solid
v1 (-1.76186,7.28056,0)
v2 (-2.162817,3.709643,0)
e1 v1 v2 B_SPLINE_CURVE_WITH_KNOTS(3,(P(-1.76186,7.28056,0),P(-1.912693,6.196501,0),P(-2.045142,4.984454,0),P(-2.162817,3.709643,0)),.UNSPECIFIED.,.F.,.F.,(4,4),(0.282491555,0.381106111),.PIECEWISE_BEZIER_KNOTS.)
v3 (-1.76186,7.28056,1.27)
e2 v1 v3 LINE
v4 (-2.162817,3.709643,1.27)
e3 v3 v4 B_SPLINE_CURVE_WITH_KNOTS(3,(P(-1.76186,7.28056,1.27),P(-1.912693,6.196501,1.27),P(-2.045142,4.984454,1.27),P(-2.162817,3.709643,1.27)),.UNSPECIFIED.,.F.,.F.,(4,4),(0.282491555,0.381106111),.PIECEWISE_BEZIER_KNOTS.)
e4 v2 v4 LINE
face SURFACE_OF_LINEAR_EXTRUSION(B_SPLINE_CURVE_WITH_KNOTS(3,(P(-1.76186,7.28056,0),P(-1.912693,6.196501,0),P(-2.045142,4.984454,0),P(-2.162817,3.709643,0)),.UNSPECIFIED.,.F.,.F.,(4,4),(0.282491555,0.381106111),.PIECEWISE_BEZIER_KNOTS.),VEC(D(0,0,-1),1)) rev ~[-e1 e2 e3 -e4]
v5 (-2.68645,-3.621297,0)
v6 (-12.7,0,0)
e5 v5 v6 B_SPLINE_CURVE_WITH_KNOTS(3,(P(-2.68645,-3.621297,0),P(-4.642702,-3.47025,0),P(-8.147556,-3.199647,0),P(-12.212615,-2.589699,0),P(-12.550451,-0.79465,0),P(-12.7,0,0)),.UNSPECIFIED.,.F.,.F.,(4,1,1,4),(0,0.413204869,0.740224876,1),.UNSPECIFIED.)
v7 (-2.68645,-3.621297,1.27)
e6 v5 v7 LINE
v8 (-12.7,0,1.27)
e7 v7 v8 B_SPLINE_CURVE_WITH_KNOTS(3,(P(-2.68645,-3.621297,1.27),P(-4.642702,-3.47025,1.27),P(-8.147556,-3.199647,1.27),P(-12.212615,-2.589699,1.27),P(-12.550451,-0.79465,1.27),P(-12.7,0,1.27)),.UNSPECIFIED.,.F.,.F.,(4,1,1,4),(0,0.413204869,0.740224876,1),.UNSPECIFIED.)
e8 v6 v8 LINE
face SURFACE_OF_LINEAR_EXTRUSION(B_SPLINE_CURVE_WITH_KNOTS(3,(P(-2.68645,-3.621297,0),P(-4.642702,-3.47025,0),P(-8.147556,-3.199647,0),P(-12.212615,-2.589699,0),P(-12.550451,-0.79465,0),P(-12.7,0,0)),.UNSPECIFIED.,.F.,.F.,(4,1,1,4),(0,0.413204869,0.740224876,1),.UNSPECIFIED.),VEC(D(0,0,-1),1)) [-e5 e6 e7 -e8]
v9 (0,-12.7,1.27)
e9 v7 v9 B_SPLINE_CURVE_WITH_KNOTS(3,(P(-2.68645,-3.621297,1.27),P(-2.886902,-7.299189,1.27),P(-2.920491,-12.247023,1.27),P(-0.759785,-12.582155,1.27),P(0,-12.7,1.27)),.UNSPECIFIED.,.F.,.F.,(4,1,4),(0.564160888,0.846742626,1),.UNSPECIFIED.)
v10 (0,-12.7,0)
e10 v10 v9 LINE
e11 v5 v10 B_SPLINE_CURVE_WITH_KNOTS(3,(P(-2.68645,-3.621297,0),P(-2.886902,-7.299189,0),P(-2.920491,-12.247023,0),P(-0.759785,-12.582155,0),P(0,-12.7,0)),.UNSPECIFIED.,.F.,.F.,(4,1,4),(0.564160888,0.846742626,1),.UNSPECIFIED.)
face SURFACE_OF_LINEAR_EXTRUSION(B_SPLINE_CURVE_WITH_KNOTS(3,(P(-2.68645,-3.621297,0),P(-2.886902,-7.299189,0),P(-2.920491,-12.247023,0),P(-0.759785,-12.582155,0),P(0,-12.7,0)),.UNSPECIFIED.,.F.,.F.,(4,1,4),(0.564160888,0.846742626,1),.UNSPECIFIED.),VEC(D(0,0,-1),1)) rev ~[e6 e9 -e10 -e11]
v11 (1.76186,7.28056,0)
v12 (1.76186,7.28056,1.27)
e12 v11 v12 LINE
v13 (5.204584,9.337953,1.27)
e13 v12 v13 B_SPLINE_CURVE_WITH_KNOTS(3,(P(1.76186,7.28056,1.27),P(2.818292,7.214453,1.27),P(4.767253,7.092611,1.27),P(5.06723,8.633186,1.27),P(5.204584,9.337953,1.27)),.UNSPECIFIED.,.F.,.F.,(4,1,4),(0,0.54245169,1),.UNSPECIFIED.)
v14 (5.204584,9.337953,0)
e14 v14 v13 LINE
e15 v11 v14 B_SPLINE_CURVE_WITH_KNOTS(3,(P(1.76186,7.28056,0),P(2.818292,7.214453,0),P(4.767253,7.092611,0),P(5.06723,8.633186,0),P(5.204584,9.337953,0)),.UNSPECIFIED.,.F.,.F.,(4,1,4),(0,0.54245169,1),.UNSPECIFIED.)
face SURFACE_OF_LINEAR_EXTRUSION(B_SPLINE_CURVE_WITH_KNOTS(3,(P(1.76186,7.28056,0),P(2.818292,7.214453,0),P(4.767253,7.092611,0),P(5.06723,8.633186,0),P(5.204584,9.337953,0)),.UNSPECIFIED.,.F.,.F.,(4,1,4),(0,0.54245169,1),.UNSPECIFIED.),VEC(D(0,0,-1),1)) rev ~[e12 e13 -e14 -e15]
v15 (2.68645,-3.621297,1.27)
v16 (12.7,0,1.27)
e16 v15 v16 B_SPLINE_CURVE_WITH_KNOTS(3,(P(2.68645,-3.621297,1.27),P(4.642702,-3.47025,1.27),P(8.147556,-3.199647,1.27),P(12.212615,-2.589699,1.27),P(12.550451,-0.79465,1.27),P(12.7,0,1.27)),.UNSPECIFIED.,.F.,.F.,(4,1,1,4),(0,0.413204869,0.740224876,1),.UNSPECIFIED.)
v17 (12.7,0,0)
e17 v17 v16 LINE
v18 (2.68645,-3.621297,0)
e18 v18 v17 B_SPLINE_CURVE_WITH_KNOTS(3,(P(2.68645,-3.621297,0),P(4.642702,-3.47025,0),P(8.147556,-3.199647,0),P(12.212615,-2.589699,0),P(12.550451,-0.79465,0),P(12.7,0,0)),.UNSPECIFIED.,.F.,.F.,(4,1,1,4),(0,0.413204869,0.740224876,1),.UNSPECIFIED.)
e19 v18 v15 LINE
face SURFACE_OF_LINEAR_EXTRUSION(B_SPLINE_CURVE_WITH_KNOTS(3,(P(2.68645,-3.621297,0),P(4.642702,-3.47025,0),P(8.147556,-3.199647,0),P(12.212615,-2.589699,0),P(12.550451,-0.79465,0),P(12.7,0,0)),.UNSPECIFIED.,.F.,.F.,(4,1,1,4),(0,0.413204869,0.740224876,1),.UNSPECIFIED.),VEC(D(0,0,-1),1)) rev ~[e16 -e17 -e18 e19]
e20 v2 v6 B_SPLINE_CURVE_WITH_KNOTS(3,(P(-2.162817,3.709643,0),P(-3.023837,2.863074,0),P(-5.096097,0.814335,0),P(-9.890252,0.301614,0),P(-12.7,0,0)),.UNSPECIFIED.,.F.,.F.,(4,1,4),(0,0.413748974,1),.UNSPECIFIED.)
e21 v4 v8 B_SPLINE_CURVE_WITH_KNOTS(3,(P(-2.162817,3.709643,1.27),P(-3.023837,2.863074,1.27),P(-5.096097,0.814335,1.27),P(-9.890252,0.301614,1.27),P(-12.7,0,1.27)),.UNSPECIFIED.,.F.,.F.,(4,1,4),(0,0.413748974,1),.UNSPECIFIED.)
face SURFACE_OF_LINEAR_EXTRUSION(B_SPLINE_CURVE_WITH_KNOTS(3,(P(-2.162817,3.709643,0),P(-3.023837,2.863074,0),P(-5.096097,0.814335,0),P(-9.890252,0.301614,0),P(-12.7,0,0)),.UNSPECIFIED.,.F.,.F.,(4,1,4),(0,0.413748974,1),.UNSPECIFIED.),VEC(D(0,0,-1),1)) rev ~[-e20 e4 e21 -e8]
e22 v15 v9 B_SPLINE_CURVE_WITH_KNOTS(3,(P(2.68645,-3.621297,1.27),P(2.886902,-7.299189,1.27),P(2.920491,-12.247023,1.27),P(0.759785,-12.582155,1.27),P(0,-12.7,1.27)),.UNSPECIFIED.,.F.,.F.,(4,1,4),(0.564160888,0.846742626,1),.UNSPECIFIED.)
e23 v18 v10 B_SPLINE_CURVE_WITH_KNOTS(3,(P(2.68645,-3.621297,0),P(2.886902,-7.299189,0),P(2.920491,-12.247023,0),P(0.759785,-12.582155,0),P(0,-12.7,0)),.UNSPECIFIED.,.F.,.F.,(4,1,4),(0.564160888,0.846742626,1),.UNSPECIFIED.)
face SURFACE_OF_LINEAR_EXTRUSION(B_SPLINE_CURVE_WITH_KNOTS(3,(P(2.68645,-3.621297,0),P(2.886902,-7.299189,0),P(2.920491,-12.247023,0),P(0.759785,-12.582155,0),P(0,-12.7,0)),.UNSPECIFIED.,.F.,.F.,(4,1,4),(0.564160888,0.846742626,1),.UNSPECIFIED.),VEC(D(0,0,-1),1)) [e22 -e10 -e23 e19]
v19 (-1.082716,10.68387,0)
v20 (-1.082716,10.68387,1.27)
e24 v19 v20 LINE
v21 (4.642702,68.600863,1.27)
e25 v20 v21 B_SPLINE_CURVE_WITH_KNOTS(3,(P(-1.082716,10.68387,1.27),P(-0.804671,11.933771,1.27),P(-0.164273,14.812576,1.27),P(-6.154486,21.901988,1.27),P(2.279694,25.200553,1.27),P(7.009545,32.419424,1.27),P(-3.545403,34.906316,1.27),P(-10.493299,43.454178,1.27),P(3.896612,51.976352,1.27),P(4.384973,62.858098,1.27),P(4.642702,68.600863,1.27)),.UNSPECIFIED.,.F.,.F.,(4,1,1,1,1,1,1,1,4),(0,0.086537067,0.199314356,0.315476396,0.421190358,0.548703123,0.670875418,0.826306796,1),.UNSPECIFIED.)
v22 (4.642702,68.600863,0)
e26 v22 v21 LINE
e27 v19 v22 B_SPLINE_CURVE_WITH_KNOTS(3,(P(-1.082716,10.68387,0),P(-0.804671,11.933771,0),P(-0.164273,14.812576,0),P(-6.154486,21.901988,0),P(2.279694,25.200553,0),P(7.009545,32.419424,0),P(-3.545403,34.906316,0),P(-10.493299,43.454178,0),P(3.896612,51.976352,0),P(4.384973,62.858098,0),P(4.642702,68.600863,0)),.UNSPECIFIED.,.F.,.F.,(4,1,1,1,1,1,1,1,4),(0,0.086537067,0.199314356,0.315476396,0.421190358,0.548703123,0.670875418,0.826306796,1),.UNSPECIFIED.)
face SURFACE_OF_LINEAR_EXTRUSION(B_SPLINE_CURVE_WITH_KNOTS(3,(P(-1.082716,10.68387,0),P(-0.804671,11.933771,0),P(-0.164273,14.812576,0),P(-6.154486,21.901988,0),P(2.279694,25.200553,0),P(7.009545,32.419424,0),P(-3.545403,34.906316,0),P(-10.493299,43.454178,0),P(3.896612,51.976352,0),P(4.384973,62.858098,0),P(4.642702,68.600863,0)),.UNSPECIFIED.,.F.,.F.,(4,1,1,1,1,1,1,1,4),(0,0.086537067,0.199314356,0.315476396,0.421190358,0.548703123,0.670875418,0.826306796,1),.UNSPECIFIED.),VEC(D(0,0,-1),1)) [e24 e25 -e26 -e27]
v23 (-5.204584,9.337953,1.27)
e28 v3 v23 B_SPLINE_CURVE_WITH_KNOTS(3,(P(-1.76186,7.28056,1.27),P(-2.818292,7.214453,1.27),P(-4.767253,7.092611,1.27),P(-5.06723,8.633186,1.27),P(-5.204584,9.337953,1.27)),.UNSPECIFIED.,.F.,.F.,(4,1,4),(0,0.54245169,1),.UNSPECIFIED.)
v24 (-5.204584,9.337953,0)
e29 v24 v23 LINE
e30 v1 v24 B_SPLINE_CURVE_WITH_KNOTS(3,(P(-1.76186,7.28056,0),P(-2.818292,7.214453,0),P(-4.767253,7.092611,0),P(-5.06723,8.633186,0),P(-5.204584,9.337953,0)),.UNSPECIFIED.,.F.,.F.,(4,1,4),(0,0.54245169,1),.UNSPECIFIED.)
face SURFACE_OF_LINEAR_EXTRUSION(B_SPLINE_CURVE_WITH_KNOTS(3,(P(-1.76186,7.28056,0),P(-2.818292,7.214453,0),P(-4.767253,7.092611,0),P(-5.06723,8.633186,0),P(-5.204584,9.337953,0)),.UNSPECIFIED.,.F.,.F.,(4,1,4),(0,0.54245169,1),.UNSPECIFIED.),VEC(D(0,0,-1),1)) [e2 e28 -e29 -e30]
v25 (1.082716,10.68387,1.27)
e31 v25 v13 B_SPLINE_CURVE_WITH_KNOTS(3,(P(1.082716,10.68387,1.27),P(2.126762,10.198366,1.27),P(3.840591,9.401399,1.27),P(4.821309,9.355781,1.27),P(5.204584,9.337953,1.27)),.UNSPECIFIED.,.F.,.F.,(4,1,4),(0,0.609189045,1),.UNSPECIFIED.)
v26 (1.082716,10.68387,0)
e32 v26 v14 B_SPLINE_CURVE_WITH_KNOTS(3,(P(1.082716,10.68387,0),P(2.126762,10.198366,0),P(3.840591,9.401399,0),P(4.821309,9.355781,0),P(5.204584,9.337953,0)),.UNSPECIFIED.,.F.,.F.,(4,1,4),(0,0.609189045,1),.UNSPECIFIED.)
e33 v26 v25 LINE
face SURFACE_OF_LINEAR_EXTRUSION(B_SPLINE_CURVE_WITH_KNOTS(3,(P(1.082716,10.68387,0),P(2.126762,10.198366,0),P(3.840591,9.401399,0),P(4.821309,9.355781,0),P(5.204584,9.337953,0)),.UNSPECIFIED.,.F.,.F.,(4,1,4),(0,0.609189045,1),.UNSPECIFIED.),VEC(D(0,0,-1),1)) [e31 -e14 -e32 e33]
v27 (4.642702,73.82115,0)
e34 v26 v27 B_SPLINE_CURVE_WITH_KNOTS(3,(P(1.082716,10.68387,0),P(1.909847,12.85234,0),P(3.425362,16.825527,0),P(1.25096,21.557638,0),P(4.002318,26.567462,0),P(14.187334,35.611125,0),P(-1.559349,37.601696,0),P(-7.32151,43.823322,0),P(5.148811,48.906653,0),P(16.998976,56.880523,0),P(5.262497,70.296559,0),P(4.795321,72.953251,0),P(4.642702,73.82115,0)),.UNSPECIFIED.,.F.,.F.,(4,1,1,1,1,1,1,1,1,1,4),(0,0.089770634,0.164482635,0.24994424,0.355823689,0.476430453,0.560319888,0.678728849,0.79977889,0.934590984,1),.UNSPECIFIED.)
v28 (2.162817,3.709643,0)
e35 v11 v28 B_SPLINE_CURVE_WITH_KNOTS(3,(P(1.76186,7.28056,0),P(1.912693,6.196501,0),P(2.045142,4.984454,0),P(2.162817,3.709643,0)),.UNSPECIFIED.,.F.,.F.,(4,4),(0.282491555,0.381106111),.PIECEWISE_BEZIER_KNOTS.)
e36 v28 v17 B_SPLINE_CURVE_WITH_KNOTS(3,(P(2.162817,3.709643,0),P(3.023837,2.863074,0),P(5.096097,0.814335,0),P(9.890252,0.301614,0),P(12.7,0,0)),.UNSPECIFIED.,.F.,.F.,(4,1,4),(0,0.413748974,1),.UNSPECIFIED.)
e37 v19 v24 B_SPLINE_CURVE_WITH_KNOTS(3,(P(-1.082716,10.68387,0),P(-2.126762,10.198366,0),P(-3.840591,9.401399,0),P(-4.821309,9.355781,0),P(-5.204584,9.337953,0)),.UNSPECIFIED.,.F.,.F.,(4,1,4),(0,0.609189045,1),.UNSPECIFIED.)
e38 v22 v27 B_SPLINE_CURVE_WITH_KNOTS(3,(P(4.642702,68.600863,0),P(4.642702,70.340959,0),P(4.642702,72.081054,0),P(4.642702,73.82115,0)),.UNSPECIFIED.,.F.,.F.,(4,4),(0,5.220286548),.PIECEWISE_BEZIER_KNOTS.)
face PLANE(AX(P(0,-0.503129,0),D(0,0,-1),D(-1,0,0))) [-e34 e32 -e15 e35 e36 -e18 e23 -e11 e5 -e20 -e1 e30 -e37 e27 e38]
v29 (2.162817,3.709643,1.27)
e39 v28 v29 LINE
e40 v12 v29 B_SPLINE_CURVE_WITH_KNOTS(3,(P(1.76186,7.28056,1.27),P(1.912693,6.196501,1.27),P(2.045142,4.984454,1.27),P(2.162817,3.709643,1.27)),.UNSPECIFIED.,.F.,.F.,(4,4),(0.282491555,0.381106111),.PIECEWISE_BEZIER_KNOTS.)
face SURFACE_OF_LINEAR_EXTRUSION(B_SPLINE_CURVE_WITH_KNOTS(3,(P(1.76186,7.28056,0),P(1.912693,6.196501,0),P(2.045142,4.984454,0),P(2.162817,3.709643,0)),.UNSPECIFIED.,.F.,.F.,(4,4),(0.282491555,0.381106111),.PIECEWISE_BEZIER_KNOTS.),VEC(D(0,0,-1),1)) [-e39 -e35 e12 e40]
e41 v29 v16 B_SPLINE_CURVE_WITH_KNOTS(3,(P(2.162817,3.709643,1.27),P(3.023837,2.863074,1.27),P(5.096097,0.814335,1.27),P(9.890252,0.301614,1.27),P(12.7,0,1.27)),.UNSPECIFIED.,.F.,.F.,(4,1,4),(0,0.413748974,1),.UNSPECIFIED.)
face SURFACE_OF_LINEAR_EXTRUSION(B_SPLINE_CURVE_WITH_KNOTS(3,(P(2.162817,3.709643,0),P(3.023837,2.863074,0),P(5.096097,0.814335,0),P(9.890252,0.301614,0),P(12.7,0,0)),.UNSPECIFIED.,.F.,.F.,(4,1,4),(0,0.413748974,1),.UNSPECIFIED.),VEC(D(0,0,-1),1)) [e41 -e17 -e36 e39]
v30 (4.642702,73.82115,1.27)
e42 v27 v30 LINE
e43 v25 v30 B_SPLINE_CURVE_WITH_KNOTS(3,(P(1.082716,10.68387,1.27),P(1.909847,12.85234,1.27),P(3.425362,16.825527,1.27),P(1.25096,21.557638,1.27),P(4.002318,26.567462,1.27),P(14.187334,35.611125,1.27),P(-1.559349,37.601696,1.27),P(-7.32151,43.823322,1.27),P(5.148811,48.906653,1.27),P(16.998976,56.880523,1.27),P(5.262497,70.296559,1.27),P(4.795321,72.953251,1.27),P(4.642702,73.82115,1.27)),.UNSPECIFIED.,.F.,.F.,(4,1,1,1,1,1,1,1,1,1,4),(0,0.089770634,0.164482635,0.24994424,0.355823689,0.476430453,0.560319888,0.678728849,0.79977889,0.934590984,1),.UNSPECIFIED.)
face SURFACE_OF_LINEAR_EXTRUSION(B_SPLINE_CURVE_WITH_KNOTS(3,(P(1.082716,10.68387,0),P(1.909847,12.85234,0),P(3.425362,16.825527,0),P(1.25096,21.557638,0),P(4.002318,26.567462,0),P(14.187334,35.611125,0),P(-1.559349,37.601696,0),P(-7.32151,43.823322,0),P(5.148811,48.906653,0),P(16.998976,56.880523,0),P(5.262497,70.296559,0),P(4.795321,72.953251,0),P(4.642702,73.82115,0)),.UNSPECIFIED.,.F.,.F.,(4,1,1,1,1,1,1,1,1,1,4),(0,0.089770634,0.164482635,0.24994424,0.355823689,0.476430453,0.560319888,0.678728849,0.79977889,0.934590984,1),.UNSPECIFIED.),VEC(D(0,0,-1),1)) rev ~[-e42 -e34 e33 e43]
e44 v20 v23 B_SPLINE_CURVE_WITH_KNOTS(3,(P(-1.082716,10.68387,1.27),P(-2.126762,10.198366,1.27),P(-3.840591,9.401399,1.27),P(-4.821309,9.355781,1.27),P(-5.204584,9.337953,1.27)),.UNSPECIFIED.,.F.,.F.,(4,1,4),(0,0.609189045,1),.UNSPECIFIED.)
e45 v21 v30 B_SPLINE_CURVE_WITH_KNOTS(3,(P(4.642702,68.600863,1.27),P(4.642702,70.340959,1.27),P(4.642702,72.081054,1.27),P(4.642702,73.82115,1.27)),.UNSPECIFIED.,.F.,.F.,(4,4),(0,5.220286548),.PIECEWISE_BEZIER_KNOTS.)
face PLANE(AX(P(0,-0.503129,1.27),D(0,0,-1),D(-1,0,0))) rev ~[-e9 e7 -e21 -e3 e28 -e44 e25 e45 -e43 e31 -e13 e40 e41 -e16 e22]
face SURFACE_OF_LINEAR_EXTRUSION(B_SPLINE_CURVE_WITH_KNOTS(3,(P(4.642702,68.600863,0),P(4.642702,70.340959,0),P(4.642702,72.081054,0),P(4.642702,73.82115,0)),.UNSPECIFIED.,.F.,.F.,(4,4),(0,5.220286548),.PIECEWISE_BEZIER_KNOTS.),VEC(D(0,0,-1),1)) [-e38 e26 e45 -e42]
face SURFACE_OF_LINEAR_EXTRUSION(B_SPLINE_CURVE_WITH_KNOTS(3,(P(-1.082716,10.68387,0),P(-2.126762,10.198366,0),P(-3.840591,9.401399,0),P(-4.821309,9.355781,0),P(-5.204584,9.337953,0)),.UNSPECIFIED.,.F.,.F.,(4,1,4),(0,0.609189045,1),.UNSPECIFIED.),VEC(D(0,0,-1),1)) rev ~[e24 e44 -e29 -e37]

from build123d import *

# Parameters (mm, degrees)
F1_DEPTH = 1.27


with BuildPart() as f1:
    # F0 (on Top) → F1 (new body)
    with BuildSketch(Plane.XY):
        with BuildLine():
            add(Edge.make_bspline(
                [(0, 12.7), (0.3800916334, 12.2044041634), (0.7601832667, 11.7088083267), (1.0827156948, 10.683869943)],
                knots=[0, 0, 0, 0, 0.1559408316, 0.1559408316, 0.1559408316, 0.1559408316], degree=3))
            add(Edge.make_bspline(
                [(0, 12.7), (-0.3800916334, 12.2044041634), (-0.7601832667, 11.7088083267), (-1.0827156948, 10.683869943)],
                knots=[0, 0, 0, 0, 0.1559408316, 0.1559408316, 0.1559408316, 0.1559408316], degree=3))
            add(Edge.make_bspline(
                [(-1.0827156948, 10.683869943), (-1.3444605602, 9.8521013023), (-1.5682979941, 8.6717174183), (-1.7618598873, 7.2805596239)],
                knots=[0.1559408316, 0.1559408316, 0.1559408316, 0.1559408316, 0.2824915547, 0.2824915547, 0.2824915547, 0.2824915547], degree=3))
            add(Edge.make_bspline(
                [(-1.7618598873, 7.2805596239), (-1.9126928474, 6.196500956), (-2.0451416094, 4.9844541742), (-2.1628174545, 3.7096434608)],
                knots=[0.2824915547, 0.2824915547, 0.2824915547, 0.2824915547, 0.3811061107, 0.3811061107, 0.3811061107, 0.3811061107], degree=3))
            add(Edge.make_bspline(
                [(-2.1628174545, 3.7096434608), (-2.3355144644, 1.8387752449), (-2.5137078052, -0.6985925554), (-2.6592594026, -3.1224003296), (-2.6864501107, -3.6212965633)],
                knots=[0.3811061107, 0.3811061107, 0.3811061107, 0.3811061107, 0.5258294304, 0.5641608875, 0.5641608875, 0.5641608875, 0.5641608875], degree=3))
            add(Edge.make_bspline(
                [(-2.6864501107, -3.6212965633), (-2.8869015978, -7.299188722), (-2.9204908684, -12.2470227585), (-0.7597851469, -12.5821549543), (0, -12.7)],
                knots=[0.5641608875, 0.5641608875, 0.5641608875, 0.5641608875, 0.8467426263, 1, 1, 1, 1], degree=3))
            add(Edge.make_bspline(
                [(2.6864501107, -3.6212965633), (2.8869015978, -7.299188722), (2.9204908684, -12.2470227585), (0.7597851469, -12.5821549543), (0, -12.7)],
                knots=[0.5641608875, 0.5641608875, 0.5641608875, 0.5641608875, 0.8467426263, 1, 1, 1, 1], degree=3))
            add(Edge.make_bspline(
                [(2.1628174545, 3.7096434608), (2.3355144644, 1.8387752449), (2.5137078052, -0.6985925554), (2.6592594026, -3.1224003296), (2.6864501107, -3.6212965633)],
                knots=[0.3811061107, 0.3811061107, 0.3811061107, 0.3811061107, 0.5258294304, 0.5641608875, 0.5641608875, 0.5641608875, 0.5641608875], degree=3))
            add(Edge.make_bspline(
                [(1.7618598873, 7.2805596239), (1.9126928474, 6.196500956), (2.0451416094, 4.9844541742), (2.1628174545, 3.7096434608)],
                knots=[0.2824915547, 0.2824915547, 0.2824915547, 0.2824915547, 0.3811061107, 0.3811061107, 0.3811061107, 0.3811061107], degree=3))
            add(Edge.make_bspline(
                [(1.0827156948, 10.683869943), (1.3444605602, 9.8521013023), (1.5682979941, 8.6717174183), (1.7618598873, 7.2805596239)],
                knots=[0.1559408316, 0.1559408316, 0.1559408316, 0.1559408316, 0.2824915547, 0.2824915547, 0.2824915547, 0.2824915547], degree=3))
        make_face()
        with BuildLine():
            add(Edge.make_bspline(
                [(0, 12.7), (-0.3800916334, 12.2044041634), (-0.7601832667, 11.7088083267), (-1.0827156948, 10.683869943)],
                knots=[0, 0, 0, 0, 0.1559408316, 0.1559408316, 0.1559408316, 0.1559408316], degree=3))
            add(Edge.make_bspline(
                [(0, 12.7), (0.3800916334, 12.2044041634), (0.7601832667, 11.7088083267), (1.0827156948, 10.683869943)],
                knots=[0, 0, 0, 0, 0.1559408316, 0.1559408316, 0.1559408316, 0.1559408316], degree=3))
            add(Edge.make_bspline(
                [(1.0827156948, 10.683869943), (1.9098469829, 12.852339533), (3.4253618828, 16.8255273698), (1.2509596555, 21.557638376), (4.0023179181, 26.5674617243), (14.187334293, 35.6111254083), (-1.559349152, 37.6016964418), (-7.321510196, 43.8233216206), (5.1488107263, 48.9066528238), (16.9989759825, 56.8805227732), (5.2624970704, 70.2965587314), (4.7953209333, 72.9532511058), (4.6427020048, 73.8211497664)],
                knots=[0, 0, 0, 0, 0.089770634, 0.1644826346, 0.2499442397, 0.3558236885, 0.4764304532, 0.5603198883, 0.6787288488, 0.7997788903, 0.9345909844, 1, 1, 1, 1], degree=3))
            add(Edge.make_bspline(
                [(4.6427020048, 68.6008632183), (4.6427020048, 70.3409587344), (4.6427020048, 72.0810542504), (4.6427020048, 73.8211497664)],
                knots=[0, 0, 0, 0, 5.2202865481, 5.2202865481, 5.2202865481, 5.2202865481], degree=3))
            add(Edge.make_bspline(
                [(-1.0827156948, 10.683869943), (-0.804671433, 11.9337713454), (-0.1642728767, 14.8125757794), (-6.1544860835, 21.9019880848), (2.2796937999, 25.200552819), (7.0095449827, 32.419424332), (-3.5454031873, 34.9063161859), (-10.4932992333, 43.4541779868), (3.8966116903, 51.976351586), (4.3849728215, 62.8580976001), (4.6427020048, 68.6008632183)],
                knots=[0, 0, 0, 0, 0.0865370674, 0.1993143561, 0.3154763959, 0.4211903577, 0.5487031229, 0.6708754183, 0.8263067959, 1, 1, 1, 1], degree=3))
        make_face()
        with BuildLine():
            add(Edge.make_bspline(
                [(-1.0827156948, 10.683869943), (-1.3444605602, 9.8521013023), (-1.5682979941, 8.6717174183), (-1.7618598873, 7.2805596239)],
                knots=[0.1559408316, 0.1559408316, 0.1559408316, 0.1559408316, 0.2824915547, 0.2824915547, 0.2824915547, 0.2824915547], degree=3))
            add(Edge.make_bspline(
                [(-1.0827156948, 10.683869943), (-2.1267618333, 10.1983661781), (-3.8405913051, 9.4013988505), (-4.8213091655, 9.355781178), (-5.2045844495, 9.3379532918)],
                knots=[0, 0, 0, 0, 0.6091890446, 1, 1, 1, 1], degree=3))
            add(Edge.make_bspline(
                [(-1.7618598873, 7.2805596239), (-2.8182922688, 7.2144531673), (-4.7672531691, 7.0926107956), (-5.0672303142, 8.633186267), (-5.2045844495, 9.3379532918)],
                knots=[0, 0, 0, 0, 0.5424516896, 1, 1, 1, 1], degree=3))
        make_face()
        with BuildLine():
            add(Edge.make_bspline(
                [(1.0827156948, 10.683869943), (2.1267618333, 10.1983661781), (3.8405913051, 9.4013988505), (4.8213091655, 9.355781178), (5.2045844495, 9.3379532918)],
                knots=[0, 0, 0, 0, 0.6091890446, 1, 1, 1, 1], degree=3))
            add(Edge.make_bspline(
                [(1.0827156948, 10.683869943), (1.3444605602, 9.8521013023), (1.5682979941, 8.6717174183), (1.7618598873, 7.2805596239)],
                knots=[0.1559408316, 0.1559408316, 0.1559408316, 0.1559408316, 0.2824915547, 0.2824915547, 0.2824915547, 0.2824915547], degree=3))
            add(Edge.make_bspline(
                [(1.7618598873, 7.2805596239), (2.8182922688, 7.2144531673), (4.7672531691, 7.0926107956), (5.0672303142, 8.633186267), (5.2045844495, 9.3379532918)],
                knots=[0, 0, 0, 0, 0.5424516896, 1, 1, 1, 1], degree=3))
        make_face()
        with BuildLine():
            add(Edge.make_bspline(
                [(-2.1628174545, 3.7096434608), (-2.3355144644, 1.8387752449), (-2.5137078052, -0.6985925554), (-2.6592594026, -3.1224003296), (-2.6864501107, -3.6212965633)],
                knots=[0.3811061107, 0.3811061107, 0.3811061107, 0.3811061107, 0.5258294304, 0.5641608875, 0.5641608875, 0.5641608875, 0.5641608875], degree=3))
            add(Edge.make_bspline(
                [(-2.1628174545, 3.7096434608), (-3.0238371974, 2.863074271), (-5.0960971834, 0.8143350689), (-9.8902523058, 0.3016137657), (-12.7, 0)],
                knots=[0, 0, 0, 0, 0.413748974, 1, 1, 1, 1], degree=3))
            add(Edge.make_bspline(
                [(-2.6864501107, -3.6212965633), (-4.6427020048, -3.4702500402), (-8.1475556903, -3.1996470434), (-12.2126146504, -2.5896991573), (-12.5504507619, -0.7946504684), (-12.7, 0)],
                knots=[0, 0, 0, 0, 0.4132048691, 0.7402248755, 1, 1, 1, 1], degree=3))
        make_face()
        with BuildLine():
            add(Edge.make_bspline(
                [(2.1628174545, 3.7096434608), (3.0238371974, 2.863074271), (5.0960971834, 0.8143350689), (9.8902523058, 0.3016137657), (12.7, 0)],
                knots=[0, 0, 0, 0, 0.413748974, 1, 1, 1, 1], degree=3))
            add(Edge.make_bspline(
                [(2.1628174545, 3.7096434608), (2.3355144644, 1.8387752449), (2.5137078052, -0.6985925554), (2.6592594026, -3.1224003296), (2.6864501107, -3.6212965633)],
                knots=[0.3811061107, 0.3811061107, 0.3811061107, 0.3811061107, 0.5258294304, 0.5641608875, 0.5641608875, 0.5641608875, 0.5641608875], degree=3))
            add(Edge.make_bspline(
                [(2.6864501107, -3.6212965633), (4.6427020048, -3.4702500402), (8.1475556903, -3.1996470434), (12.2126146504, -2.5896991573), (12.5504507619, -0.7946504684), (12.7, 0)],
                knots=[0, 0, 0, 0, 0.4132048691, 0.7402248755, 1, 1, 1, 1], degree=3))
        make_face()
    extrude(amount=F1_DEPTH)


solid = f1.part
